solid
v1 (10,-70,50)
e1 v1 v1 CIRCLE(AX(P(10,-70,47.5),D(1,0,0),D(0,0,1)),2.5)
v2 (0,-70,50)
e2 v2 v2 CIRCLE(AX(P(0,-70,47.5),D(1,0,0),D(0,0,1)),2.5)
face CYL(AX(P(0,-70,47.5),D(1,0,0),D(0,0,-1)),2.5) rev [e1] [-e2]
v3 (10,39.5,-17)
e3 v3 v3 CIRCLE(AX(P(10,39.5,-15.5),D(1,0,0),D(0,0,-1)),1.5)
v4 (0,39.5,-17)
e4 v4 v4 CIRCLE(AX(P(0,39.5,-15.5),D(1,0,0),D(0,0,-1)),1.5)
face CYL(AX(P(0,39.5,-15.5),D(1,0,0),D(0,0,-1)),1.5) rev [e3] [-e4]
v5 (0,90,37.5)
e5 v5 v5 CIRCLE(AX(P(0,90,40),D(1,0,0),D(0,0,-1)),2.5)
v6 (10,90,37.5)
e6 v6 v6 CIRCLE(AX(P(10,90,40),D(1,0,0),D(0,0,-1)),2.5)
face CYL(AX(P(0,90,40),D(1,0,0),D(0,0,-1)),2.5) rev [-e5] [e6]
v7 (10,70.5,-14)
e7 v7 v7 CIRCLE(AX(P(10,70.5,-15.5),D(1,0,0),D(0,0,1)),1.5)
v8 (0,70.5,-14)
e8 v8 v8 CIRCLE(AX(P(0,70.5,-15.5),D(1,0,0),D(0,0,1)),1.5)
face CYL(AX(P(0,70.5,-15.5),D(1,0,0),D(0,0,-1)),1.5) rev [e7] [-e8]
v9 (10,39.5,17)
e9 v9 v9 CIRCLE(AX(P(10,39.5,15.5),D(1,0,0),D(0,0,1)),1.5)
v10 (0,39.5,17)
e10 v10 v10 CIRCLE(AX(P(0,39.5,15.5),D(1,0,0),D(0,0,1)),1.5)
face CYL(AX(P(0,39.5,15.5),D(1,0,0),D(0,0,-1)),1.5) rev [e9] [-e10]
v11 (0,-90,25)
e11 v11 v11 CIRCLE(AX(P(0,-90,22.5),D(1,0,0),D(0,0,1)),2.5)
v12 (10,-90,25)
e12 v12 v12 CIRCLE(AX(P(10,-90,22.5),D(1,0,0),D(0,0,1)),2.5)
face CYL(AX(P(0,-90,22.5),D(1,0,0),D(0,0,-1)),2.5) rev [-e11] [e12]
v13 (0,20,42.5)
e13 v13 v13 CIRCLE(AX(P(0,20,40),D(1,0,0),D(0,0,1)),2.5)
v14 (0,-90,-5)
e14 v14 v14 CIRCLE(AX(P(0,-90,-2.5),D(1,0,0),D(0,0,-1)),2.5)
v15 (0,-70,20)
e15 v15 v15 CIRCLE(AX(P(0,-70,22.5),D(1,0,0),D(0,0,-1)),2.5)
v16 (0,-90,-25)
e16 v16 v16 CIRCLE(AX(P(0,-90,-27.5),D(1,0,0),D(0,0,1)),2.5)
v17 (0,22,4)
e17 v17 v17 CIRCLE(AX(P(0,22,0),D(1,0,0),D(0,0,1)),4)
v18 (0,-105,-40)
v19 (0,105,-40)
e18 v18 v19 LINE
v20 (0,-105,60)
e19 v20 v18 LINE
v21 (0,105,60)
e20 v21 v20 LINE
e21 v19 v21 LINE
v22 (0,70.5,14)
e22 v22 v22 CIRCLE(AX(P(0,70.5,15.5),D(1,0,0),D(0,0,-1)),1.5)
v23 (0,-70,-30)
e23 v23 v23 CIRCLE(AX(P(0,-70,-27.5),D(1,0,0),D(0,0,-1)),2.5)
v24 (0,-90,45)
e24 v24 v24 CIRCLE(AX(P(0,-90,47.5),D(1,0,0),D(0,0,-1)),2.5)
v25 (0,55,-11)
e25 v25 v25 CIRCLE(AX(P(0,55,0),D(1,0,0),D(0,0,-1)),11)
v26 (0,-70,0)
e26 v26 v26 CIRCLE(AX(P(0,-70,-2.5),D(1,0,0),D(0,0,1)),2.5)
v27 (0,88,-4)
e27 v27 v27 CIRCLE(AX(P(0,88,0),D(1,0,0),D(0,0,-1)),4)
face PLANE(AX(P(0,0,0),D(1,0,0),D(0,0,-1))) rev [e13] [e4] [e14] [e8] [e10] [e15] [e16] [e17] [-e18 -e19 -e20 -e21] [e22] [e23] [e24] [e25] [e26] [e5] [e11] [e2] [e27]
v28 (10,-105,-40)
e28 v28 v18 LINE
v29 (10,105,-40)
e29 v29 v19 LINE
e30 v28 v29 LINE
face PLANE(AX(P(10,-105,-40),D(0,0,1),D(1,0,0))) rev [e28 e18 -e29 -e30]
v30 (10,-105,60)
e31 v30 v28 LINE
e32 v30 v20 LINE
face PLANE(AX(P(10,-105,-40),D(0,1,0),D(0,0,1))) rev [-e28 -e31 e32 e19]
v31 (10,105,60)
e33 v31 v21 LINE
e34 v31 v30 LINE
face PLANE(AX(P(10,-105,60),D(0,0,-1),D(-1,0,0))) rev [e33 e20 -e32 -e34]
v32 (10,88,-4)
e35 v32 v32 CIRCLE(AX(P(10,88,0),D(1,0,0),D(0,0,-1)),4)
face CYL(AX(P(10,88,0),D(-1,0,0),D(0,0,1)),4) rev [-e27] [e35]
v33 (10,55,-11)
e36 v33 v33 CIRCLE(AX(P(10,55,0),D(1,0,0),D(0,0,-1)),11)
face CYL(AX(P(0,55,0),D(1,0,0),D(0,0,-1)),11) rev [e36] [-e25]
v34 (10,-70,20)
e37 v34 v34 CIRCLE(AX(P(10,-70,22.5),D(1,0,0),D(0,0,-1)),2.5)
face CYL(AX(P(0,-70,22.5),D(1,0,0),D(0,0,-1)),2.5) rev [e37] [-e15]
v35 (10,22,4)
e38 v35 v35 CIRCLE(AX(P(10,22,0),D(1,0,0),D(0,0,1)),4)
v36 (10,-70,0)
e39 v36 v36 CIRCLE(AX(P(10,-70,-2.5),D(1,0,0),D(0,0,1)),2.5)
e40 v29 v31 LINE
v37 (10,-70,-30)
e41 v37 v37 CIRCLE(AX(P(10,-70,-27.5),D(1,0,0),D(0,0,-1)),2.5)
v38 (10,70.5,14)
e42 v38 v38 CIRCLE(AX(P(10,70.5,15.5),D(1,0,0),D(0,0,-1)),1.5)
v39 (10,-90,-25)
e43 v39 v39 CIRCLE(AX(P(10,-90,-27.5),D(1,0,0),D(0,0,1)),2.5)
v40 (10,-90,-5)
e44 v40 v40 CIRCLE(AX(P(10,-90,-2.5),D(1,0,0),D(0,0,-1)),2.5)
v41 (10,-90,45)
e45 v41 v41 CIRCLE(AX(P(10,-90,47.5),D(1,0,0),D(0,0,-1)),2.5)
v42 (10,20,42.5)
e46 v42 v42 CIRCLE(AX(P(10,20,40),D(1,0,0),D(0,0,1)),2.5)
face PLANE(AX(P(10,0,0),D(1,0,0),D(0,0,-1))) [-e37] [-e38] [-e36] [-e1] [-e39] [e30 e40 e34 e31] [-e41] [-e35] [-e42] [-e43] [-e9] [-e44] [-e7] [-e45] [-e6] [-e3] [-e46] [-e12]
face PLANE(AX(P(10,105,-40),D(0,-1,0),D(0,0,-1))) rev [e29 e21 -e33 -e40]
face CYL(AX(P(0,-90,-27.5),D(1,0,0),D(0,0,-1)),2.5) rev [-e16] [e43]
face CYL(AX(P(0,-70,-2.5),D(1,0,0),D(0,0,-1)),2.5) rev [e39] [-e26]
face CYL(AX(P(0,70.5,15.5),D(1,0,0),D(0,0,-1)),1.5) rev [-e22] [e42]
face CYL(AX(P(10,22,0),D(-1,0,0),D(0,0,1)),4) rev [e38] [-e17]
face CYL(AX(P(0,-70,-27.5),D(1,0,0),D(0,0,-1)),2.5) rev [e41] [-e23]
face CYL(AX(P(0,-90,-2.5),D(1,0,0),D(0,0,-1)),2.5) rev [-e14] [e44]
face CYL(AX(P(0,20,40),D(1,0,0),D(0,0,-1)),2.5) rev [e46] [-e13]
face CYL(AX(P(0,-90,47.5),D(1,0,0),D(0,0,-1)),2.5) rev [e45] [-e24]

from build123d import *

# Parameters (mm, degrees)
SKETCH2_W                   = 100
SKETCH2_H                   = 210
SKETCH2_R                   = 4
BOSS_EXTRUDE1_DEPTH         = 10
SKETCH3_R                   = 2.5
MOUNT_DEPTH                 = 122.346610995
SKETCH7_R                   = 2.5
SUPPORT_PROFILE_MOUNT_DEPTH = 122.346610995
SKETCH4_R                   = 11
SKETCH4_R_2                 = 1.5
STEPPER_MOUNT_DEPTH         = 122.346610995


with BuildPart() as part:
    # Sketch2 → Boss-Extrude1 (new body)
    with BuildSketch(Plane(origin=(0, 0, 0), x_dir=(0, 0, -1), z_dir=(1, 0, 0))):
        with Locations((-10, 0)):
            Rectangle(SKETCH2_W, SKETCH2_H)
        with Locations((0, 88)):
            Circle(SKETCH2_R, mode=Mode.SUBTRACT)
        with Locations(Location((0, 22, 0), (0, 0, 180))):
            Circle(SKETCH2_R, mode=Mode.SUBTRACT)
    extrude(amount=BOSS_EXTRUDE1_DEPTH)

    # Sketch3 → mount (cut, through all)
    with BuildSketch(Plane(origin=(10, 0, 0), x_dir=(0, 0, -1), z_dir=(1, 0, 0))):
        with Locations((-22.5, -70)):
            Circle(SKETCH3_R)
        with Locations(Location((-47.5, -70, 0), (0, 0, 180))):
            Circle(SKETCH3_R)
        with Locations((-47.5, -90)):
            Circle(SKETCH3_R)
        with Locations(Location((-22.5, -90, 0), (0, 0, 180))):
            Circle(SKETCH3_R)
        with Locations((2.5, -90)):
            Circle(SKETCH3_R)
        with Locations(Location((27.5, -90, 0), (0, 0, 180))):
            Circle(SKETCH3_R)
        with Locations((27.5, -70)):
            Circle(SKETCH3_R)
        with Locations(Location((2.5, -70, 0), (0, 0, 180))):
            Circle(SKETCH3_R)
    extrude(amount=-MOUNT_DEPTH, mode=Mode.SUBTRACT)

    # Sketch7 → support_profile_mount (cut, through all)
    with BuildSketch(Plane(origin=(10, 0, 0), x_dir=(0, 0, -1), z_dir=(1, 0, 0))):
        with Locations((-40, 90)):
            Circle(SKETCH7_R)
        with Locations(Location((-40, 20, 0), (0, 0, 180))):
            Circle(SKETCH7_R)
    extrude(amount=-SUPPORT_PROFILE_MOUNT_DEPTH, mode=Mode.SUBTRACT)

    # Sketch4 → stepper_mount (cut, through all)
    with BuildSketch(Plane(origin=(10, 0, 0), x_dir=(0, 0, -1), z_dir=(1, 0, 0))):
        with Locations((0, 55)):
            Circle(SKETCH4_R)
        with Locations((-15.5, 70.5)):
            Circle(SKETCH4_R_2)
        with Locations(Location((15.5, 70.5, 0), (0, 0, 180))):
            Circle(SKETCH4_R_2)
        with Locations(Location((-15.5, 39.5, 0), (0, 0, 180))):
            Circle(SKETCH4_R_2)
        with Locations((15.5, 39.5)):
            Circle(SKETCH4_R_2)
    extrude(amount=-STEPPER_MOUNT_DEPTH, mode=Mode.SUBTRACT)


solid = part.part
